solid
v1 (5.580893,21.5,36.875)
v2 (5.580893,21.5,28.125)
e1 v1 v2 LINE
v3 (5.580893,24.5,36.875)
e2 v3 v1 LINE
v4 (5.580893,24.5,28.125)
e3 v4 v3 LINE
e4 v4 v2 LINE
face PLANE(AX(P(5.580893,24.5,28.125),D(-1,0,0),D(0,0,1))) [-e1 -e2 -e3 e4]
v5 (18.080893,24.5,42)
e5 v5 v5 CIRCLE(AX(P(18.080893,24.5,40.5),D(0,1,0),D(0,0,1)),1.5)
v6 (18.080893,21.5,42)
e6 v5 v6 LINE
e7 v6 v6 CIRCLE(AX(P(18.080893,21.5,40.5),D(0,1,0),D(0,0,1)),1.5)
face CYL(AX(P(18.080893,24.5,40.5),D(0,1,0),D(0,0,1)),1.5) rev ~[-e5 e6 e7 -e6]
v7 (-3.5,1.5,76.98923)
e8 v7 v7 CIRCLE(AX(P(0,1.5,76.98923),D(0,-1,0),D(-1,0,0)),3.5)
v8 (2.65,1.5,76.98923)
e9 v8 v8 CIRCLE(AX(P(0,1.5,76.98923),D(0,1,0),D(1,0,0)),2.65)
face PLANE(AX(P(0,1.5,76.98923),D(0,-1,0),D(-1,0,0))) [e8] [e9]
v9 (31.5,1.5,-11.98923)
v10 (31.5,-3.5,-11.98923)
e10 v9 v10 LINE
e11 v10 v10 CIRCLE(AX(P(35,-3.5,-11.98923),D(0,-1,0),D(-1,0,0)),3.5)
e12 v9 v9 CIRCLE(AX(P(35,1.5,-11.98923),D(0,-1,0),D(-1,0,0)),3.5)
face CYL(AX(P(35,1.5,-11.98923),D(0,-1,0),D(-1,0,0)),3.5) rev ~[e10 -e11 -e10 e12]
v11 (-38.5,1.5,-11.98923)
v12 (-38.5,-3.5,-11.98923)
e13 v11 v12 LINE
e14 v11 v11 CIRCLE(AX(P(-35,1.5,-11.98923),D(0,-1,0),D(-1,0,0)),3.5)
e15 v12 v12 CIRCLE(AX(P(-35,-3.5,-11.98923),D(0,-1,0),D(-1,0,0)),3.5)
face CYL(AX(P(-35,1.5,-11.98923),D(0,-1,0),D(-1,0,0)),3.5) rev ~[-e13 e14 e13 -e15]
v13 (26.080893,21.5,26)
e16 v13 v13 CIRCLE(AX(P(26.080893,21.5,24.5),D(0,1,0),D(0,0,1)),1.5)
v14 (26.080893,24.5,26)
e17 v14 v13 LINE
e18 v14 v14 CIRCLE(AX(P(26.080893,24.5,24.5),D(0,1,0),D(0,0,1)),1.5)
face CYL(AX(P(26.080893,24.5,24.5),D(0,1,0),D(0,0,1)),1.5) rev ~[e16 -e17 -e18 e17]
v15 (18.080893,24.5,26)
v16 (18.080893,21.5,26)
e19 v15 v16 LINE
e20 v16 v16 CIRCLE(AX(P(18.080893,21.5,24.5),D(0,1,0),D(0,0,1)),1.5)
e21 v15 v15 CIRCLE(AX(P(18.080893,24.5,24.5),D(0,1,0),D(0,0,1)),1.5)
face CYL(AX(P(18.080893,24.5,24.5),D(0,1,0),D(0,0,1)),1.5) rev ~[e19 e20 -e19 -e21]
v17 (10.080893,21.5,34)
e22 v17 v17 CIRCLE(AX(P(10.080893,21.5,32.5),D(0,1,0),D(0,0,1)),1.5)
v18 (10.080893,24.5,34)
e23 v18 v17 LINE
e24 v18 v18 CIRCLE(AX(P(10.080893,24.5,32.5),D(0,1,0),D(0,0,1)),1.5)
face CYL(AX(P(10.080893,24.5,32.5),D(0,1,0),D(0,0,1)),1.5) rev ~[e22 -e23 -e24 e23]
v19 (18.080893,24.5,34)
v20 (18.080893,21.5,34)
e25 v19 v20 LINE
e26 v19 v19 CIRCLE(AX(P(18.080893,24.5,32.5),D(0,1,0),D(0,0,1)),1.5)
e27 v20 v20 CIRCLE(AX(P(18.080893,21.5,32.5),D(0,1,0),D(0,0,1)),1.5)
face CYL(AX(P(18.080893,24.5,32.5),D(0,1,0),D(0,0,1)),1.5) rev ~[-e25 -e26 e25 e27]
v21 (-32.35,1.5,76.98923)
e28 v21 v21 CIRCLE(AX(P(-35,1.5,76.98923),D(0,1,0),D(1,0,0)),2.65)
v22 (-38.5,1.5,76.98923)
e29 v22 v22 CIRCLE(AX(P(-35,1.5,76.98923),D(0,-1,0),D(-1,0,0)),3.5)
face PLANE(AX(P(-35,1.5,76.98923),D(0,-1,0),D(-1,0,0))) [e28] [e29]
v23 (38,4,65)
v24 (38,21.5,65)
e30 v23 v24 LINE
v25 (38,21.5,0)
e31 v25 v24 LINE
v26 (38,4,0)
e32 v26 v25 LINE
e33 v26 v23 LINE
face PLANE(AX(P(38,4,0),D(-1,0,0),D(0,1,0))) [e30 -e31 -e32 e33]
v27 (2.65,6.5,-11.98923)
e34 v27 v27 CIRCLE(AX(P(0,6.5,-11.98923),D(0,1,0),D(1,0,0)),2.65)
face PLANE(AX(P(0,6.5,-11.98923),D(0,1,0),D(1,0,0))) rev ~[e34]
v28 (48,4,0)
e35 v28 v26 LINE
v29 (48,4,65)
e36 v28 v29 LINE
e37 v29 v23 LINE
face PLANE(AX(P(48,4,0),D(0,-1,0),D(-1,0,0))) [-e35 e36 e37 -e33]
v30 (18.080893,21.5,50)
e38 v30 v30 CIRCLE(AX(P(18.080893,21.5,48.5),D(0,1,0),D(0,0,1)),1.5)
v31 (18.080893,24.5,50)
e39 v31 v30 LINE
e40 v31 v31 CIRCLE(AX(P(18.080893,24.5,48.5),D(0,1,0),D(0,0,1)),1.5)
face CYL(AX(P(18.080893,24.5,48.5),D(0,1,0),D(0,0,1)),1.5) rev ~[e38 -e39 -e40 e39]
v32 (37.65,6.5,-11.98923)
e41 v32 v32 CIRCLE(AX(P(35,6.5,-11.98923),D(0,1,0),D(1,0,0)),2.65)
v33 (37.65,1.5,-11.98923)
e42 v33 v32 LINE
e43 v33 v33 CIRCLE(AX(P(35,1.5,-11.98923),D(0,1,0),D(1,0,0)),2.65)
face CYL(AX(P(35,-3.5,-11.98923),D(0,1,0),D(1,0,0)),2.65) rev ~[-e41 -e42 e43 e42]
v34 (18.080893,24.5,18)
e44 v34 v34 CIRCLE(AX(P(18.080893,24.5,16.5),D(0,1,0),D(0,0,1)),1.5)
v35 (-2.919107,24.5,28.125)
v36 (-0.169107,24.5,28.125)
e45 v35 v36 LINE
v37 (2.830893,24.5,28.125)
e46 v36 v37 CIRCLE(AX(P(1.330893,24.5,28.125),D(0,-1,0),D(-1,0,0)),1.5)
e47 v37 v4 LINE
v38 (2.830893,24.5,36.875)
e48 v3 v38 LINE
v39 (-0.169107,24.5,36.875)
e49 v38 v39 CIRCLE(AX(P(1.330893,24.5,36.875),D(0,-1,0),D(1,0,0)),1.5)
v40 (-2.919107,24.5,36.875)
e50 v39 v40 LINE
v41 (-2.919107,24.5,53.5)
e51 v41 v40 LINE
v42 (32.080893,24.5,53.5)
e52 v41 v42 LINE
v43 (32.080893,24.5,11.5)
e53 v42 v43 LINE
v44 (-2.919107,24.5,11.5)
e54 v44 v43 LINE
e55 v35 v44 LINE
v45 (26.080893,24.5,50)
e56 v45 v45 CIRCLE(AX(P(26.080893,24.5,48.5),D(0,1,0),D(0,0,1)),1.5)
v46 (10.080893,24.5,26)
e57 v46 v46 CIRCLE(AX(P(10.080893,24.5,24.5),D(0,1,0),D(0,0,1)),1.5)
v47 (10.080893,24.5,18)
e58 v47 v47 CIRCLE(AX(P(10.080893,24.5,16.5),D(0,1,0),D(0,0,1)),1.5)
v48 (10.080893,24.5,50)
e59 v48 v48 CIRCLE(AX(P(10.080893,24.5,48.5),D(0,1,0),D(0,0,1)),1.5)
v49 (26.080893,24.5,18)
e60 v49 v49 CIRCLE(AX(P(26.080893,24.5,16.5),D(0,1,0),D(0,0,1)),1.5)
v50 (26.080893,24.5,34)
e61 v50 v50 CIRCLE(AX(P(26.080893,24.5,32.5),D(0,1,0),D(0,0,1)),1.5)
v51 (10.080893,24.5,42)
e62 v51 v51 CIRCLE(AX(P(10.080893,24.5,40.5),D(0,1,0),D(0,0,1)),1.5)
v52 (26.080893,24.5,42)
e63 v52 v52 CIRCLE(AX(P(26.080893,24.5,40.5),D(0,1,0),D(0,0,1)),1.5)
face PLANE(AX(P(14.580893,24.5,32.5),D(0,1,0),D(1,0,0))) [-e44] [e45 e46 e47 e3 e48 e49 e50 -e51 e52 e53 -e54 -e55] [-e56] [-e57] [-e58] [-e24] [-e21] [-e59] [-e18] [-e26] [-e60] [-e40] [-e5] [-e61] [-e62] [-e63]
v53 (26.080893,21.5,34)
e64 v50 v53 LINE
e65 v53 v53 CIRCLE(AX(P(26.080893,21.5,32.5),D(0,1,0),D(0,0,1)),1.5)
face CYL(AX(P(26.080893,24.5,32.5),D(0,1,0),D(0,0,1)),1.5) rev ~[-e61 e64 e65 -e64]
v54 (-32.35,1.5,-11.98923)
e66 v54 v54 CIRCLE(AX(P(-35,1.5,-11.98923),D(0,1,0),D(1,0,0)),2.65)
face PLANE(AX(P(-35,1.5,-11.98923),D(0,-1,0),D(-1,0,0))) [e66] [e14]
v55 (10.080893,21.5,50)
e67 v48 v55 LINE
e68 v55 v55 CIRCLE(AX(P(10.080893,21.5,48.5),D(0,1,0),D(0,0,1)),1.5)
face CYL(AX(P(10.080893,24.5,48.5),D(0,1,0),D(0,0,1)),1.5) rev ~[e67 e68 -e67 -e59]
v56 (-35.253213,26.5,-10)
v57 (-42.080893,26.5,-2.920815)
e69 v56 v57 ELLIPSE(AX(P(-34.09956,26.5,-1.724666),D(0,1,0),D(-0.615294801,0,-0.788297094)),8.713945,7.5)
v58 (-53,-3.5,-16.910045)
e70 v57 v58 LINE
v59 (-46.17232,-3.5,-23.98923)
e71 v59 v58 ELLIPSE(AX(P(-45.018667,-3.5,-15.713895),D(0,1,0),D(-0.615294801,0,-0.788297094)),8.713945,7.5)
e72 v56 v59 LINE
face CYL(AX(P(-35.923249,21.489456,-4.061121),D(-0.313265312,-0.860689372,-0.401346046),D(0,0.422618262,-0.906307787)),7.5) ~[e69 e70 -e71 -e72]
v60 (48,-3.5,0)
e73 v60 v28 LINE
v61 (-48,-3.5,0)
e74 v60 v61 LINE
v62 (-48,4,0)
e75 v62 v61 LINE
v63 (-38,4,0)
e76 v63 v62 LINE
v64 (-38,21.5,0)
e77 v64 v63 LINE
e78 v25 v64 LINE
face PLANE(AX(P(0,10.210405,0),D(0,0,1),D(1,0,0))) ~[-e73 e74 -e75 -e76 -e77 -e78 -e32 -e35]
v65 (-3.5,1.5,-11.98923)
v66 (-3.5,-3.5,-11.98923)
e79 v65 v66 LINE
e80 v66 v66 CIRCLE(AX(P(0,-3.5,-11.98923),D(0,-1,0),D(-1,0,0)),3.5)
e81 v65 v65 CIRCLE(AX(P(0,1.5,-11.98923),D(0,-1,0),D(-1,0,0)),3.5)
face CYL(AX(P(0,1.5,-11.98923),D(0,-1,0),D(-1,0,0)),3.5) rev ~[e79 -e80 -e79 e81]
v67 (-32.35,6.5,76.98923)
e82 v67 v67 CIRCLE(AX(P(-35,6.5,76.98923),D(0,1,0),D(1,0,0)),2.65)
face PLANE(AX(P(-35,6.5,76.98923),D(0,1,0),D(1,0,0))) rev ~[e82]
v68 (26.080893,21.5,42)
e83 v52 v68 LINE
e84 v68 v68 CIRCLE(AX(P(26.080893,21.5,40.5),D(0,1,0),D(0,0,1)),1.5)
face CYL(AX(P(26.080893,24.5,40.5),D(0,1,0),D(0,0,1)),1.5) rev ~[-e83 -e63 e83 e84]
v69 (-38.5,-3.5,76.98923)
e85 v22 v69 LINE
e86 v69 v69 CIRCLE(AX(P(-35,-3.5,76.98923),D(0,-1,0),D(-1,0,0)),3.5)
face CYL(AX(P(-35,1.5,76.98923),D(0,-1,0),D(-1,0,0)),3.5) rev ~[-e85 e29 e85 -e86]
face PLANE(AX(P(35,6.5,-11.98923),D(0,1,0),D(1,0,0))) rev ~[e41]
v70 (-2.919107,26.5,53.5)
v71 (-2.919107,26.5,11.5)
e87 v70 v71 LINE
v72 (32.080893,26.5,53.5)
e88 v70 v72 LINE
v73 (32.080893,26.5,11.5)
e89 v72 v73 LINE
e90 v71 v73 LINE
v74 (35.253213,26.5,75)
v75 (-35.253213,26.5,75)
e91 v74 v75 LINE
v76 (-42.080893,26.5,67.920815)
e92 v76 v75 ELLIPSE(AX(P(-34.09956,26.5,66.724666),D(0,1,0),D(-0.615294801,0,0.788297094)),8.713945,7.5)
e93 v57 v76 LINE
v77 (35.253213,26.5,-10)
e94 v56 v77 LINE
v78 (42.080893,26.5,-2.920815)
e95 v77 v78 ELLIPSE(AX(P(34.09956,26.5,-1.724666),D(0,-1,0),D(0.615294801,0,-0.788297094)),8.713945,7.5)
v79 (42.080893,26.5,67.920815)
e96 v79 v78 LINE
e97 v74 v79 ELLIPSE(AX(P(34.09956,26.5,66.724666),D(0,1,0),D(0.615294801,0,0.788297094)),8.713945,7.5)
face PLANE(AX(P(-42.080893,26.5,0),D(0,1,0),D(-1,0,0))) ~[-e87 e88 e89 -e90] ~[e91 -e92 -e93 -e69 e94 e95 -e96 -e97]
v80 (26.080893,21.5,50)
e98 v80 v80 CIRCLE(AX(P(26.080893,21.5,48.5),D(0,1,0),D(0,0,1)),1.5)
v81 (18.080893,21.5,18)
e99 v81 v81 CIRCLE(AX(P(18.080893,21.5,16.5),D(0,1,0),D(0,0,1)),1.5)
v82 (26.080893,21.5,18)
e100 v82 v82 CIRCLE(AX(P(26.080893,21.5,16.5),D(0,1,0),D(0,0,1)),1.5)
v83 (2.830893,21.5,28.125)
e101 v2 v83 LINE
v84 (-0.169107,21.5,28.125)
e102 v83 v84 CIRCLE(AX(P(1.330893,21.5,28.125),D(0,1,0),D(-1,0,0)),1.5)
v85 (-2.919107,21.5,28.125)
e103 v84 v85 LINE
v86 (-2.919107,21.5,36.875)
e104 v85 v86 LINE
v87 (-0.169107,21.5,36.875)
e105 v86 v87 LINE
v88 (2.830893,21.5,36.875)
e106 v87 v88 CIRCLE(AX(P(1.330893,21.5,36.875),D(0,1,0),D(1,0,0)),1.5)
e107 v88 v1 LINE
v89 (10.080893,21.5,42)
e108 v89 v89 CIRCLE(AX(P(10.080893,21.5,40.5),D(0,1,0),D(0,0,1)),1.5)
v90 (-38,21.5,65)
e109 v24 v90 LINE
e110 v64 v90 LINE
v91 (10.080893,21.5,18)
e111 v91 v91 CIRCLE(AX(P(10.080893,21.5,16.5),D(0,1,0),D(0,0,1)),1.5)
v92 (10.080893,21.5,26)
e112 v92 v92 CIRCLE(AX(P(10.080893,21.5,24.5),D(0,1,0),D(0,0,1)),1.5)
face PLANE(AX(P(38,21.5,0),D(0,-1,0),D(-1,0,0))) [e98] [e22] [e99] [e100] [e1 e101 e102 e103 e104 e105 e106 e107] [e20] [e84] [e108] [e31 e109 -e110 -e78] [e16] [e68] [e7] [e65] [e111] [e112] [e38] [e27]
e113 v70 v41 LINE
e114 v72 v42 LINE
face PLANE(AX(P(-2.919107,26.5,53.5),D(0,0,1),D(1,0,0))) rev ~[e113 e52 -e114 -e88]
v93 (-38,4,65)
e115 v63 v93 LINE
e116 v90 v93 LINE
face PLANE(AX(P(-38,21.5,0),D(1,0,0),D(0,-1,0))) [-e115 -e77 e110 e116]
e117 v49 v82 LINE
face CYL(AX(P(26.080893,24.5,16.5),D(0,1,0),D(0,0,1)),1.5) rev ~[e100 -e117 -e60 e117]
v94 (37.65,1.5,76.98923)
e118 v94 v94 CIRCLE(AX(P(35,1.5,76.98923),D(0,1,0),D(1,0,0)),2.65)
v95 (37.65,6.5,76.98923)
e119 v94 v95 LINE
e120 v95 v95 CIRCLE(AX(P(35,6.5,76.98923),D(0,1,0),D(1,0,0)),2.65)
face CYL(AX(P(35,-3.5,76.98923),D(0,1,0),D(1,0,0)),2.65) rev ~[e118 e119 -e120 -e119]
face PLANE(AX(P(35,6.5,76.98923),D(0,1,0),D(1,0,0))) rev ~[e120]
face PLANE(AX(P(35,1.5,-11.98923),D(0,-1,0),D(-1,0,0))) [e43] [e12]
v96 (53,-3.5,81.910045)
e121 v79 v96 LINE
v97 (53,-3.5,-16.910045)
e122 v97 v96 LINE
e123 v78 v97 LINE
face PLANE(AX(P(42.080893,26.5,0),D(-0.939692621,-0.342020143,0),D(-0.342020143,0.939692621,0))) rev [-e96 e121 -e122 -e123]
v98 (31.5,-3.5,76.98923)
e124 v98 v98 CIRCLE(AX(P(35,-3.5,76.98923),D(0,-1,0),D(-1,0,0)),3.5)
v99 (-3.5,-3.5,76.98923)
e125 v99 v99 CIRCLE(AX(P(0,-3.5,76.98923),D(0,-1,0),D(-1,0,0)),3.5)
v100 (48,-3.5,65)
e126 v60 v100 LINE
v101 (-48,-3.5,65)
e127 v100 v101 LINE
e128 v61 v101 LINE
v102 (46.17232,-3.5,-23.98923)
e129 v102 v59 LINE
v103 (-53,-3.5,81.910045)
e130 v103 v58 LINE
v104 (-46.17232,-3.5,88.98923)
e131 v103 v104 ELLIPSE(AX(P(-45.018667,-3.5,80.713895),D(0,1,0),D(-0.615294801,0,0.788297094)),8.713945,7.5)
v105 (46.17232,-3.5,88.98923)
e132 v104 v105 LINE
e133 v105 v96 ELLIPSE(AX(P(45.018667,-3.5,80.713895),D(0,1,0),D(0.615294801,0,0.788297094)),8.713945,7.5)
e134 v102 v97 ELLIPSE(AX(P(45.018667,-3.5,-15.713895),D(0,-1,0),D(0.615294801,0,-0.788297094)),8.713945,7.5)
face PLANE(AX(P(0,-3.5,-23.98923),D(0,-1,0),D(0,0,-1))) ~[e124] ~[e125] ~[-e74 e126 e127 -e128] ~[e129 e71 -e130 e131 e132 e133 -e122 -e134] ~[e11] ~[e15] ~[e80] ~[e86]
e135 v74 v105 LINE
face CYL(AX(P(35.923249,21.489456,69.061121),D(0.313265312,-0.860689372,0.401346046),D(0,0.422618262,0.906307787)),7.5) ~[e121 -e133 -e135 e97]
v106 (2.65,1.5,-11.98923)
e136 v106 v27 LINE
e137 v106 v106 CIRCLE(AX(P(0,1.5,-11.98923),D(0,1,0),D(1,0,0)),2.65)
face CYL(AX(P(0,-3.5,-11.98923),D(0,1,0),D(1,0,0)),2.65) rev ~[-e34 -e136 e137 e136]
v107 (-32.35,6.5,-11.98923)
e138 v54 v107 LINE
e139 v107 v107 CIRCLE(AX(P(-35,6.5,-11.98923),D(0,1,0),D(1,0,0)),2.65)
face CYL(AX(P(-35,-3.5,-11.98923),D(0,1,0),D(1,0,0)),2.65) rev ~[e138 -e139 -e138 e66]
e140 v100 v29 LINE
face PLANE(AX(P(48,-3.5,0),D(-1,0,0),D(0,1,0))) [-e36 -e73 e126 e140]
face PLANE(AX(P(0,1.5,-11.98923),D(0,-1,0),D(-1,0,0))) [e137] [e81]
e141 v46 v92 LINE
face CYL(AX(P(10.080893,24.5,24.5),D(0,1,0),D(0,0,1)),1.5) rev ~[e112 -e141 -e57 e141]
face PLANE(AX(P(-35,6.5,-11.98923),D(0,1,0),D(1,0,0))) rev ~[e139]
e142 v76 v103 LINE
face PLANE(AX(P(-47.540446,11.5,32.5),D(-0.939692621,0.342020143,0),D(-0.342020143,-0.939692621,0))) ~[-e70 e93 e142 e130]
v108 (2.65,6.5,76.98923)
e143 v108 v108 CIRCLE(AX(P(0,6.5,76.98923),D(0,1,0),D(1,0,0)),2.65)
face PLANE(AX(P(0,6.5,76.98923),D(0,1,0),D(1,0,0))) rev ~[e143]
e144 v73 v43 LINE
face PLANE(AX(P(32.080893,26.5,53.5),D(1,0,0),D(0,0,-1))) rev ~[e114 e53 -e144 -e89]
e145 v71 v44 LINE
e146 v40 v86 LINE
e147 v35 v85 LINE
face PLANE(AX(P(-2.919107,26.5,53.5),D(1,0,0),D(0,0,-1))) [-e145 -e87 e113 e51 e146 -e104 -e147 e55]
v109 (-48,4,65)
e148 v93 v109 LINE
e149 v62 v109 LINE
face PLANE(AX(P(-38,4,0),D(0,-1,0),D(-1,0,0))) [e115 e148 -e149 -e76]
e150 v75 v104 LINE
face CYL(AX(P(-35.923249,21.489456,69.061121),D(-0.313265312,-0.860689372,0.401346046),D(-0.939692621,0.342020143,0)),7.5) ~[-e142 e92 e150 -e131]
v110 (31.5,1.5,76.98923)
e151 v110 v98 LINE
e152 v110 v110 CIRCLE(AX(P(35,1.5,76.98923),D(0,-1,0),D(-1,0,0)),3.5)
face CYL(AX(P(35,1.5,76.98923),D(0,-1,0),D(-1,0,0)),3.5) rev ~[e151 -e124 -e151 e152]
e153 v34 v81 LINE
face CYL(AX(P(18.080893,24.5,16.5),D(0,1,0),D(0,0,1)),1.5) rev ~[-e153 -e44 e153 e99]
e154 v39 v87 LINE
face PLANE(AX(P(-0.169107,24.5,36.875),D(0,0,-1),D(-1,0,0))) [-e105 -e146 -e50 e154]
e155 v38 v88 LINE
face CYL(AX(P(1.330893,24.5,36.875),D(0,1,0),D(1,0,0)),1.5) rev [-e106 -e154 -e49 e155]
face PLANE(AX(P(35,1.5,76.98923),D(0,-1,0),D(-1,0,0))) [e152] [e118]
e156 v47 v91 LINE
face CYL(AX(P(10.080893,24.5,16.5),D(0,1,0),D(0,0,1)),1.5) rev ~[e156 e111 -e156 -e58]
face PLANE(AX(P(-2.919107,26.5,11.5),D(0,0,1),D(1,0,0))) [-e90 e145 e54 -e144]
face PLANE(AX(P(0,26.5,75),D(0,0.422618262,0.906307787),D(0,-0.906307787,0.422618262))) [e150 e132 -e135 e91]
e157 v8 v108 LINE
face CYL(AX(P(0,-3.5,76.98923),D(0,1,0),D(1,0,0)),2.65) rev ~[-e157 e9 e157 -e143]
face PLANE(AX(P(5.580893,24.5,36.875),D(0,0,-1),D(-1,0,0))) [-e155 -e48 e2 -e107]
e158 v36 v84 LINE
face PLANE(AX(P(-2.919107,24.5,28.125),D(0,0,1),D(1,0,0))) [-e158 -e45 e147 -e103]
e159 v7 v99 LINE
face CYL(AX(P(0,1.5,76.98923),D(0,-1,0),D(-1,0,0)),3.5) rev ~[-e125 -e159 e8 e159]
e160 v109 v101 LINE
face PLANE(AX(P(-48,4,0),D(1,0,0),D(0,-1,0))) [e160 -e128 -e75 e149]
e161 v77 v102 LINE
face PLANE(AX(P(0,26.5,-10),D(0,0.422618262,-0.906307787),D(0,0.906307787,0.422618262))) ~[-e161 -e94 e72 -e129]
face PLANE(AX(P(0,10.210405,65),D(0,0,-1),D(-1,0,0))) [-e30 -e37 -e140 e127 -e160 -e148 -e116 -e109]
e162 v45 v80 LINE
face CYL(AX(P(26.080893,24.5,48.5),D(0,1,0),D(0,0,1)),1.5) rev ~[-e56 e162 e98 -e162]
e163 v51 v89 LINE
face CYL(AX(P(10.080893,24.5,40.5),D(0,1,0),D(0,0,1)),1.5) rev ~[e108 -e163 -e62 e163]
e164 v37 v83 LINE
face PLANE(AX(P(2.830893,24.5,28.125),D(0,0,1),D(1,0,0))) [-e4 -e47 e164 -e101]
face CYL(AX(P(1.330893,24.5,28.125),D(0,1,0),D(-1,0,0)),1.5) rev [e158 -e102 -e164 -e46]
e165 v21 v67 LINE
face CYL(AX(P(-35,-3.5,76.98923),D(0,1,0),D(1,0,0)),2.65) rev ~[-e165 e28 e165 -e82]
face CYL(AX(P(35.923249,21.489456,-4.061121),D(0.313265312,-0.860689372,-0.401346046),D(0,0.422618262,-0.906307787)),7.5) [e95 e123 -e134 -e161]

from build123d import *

# Parameters (mm, degrees)
TOP_ENCLOSURE_DEPTH                     = 65
TOP_EXTRA_DEPTH                         = 10
SKETCH3_W                               = 35
SKETCH3_H                               = 42
SOLAR_CELL_SLOT_DEPTH                   = 2
SKETCH4_R                               = 1.5
SOLAR_CELL_HOLES_DEPTH                  = 97.010416102
BOSS_EXTRUDE1_REACH                     = 97.584
BOSS_EXTRUDE2_REACH                     = 108.913
FILLET1_R                               = 7.5
CBORE_FOR_M5_HEX_HEAD_BOLT1_D           = 5.3
CBORE_FOR_M5_HEX_HEAD_BOLT1_DEPTH       = 10
CBORE_FOR_M5_HEX_HEAD_BOLT1_CBORE_D     = 7
CBORE_FOR_M5_HEX_HEAD_BOLT1_CBORE_DEPTH = 5


with BuildPart() as part:
    # Master_Geometry → Top_Enclosure (new body)
    with BuildSketch(Plane.XY):
        Polygon((-48, -3.5), (-53, -3.5), (-42.080892972, 26.5), (42.080892972, 26.5), (53, -3.5), (48, -3.5), (48, 4), (38, 4), (38, 21.5), (-38, 21.5), (-38, 4), (-48, 4), align=None)
    extrude(amount=TOP_ENCLOSURE_DEPTH)

    # Sketch2 → Top_Extra (add)
    with BuildSketch(Plane.XY.offset(65)):
        Polygon((-42.080892972, 26.5), (42.080892972, 26.5), (53, -3.5), (-53, -3.5), align=None)
    top_extra = extrude(amount=TOP_EXTRA_DEPTH)

    # Mirror1: Top_Extra across plane
    add(top_extra.mirror(Plane(origin=(0, 0, 32.5), x_dir=(1, 0, 0), z_dir=(0, 0, -1))))

    # Sketch3 → Solar_Cell_Slot (cut)
    with BuildSketch(Plane(origin=(0, 26.5, 0), x_dir=(1, 0, 0), z_dir=(0, 1, 0))):
        with Locations((14.580892972, -32.5)):
            Rectangle(SKETCH3_W, SKETCH3_H)
    extrude(amount=-SOLAR_CELL_SLOT_DEPTH, mode=Mode.SUBTRACT)

    # Sketch4 → Solar_Cell_Holes (cut, through all)
    with BuildSketch(Plane(origin=(0, 24.5, 0), x_dir=(1, 0, 0), z_dir=(0, 1, 0))):
        with Locations(Location((10.080892972, -32.5, 0), (0, 0, 270))):
            Circle(SKETCH4_R)
        with Locations(Location((18.080892972, -32.5, 0), (0, 0, 270))):
            Circle(SKETCH4_R)
        with Locations(Location((26.080892972, -32.5, 0), (0, 0, 270))):
            Circle(SKETCH4_R)
        with Locations(Location((10.080892972, -40.5, 0), (0, 0, 270))):
            Circle(SKETCH4_R)
        with Locations(Location((18.080892972, -40.5, 0), (0, 0, 270))):
            Circle(SKETCH4_R)
        with Locations(Location((26.080892972, -40.5, 0), (0, 0, 270))):
            Circle(SKETCH4_R)
        with Locations(Location((10.080892972, -48.5, 0), (0, 0, 270))):
            Circle(SKETCH4_R)
        with Locations(Location((18.080892972, -48.5, 0), (0, 0, 270))):
            Circle(SKETCH4_R)
        with Locations(Location((26.080892972, -48.5, 0), (0, 0, 270))):
            Circle(SKETCH4_R)
        with Locations(Location((10.080892972, -24.5, 0), (0, 0, 270))):
            Circle(SKETCH4_R)
        with Locations(Location((18.080892972, -24.5, 0), (0, 0, 270))):
            Circle(SKETCH4_R)
        with Locations(Location((26.080892972, -24.5, 0), (0, 0, 270))):
            Circle(SKETCH4_R)
        with Locations(Location((10.080892972, -16.5, 0), (0, 0, 270))):
            Circle(SKETCH4_R)
        with Locations(Location((18.080892972, -16.5, 0), (0, 0, 270))):
            Circle(SKETCH4_R)
        with Locations(Location((26.080892972, -16.5, 0), (0, 0, 270))):
            Circle(SKETCH4_R)
        with BuildLine():
            Line((2.830892972, -28.125), (5.580892972, -28.125))
            Line((5.580892972, -28.125), (5.580892972, -36.875))
            Line((5.580892972, -36.875), (2.830892972, -36.875))
            ThreePointArc((2.830892972, -36.875), (1.330892972, -38.375), (-0.169107028, -36.875))
            Line((-0.169107028, -36.875), (-2.919107028, -36.875))
            Line((-2.919107028, -36.875), (-2.919107028, -28.125))
            Line((-2.919107028, -28.125), (-0.169107028, -28.125))
            ThreePointArc((-0.169107028, -28.125), (1.330892972, -26.625), (2.830892972, -28.125))
        make_face()
    extrude(amount=-SOLAR_CELL_HOLES_DEPTH, mode=Mode.SUBTRACT)

    # Boss-Extrude1: up to this plane
    boss_extrude1_end = Plane(origin=(42.080892972, 26.5, 65), z_dir=(-0.9396926207859069, -0.3420201433256729, 0))
    # Sketch5 → Boss-Extrude1 (add, up to the surface)
    with BuildSketch(Plane(origin=(0, 0, 0), x_dir=(0, 0, -1), z_dir=(1, 0, 0)), mode=Mode.PRIVATE) as boss_extrude1_sk1:
        Polygon((-75, 26.5), (-75, -3.5), (-88.989229745, -3.5), align=None)
    boss_extrude1_tool1 = split(extrude(boss_extrude1_sk1.sketch, amount=BOSS_EXTRUDE1_REACH, mode=Mode.PRIVATE), bisect_by=boss_extrude1_end, keep=Keep.BOTH, mode=Mode.PRIVATE)
    boss_extrude1 = boss_extrude1_tool1.solids().sort_by_distance((0, 6.5, 79.663077))[0]
    add(boss_extrude1)

    # Boss-Extrude2: up to this face of the body (flat: up to its plane)
    boss_extrude2_end = Plane(part.part.faces().sort_by_distance((-47.540446486, 11.5, 32.5))[0])
    # Sketch6 → Boss-Extrude2 (add, up to the picked face)
    with BuildSketch(Plane.ZY, mode=Mode.PRIVATE) as boss_extrude2_sk1:
        Polygon((75, 26.5), (88.989229745, -3.5), (75, -3.5), align=None)
    boss_extrude2_tool1 = split(extrude(boss_extrude2_sk1.sketch, amount=BOSS_EXTRUDE2_REACH, mode=Mode.PRIVATE), bisect_by=boss_extrude2_end, keep=Keep.BOTH, mode=Mode.PRIVATE)
    boss_extrude2 = boss_extrude2_tool1.solids().sort_by(Axis((0, 6.5, 79.663077), (-1, 0, 0)))[0]
    add(boss_extrude2)

    # Mirror3: Boss-Extrude1, Boss-Extrude2 across plane
    add(boss_extrude1.mirror(Plane(origin=(0, 0, 32.5), x_dir=(1, 0, 0), z_dir=(0, 0, -1))))
    add(boss_extrude2.mirror(Plane(origin=(0, 0, 32.5), x_dir=(1, 0, 0), z_dir=(0, 0, -1))))

    # Fillet1
    fillet1_edges = [part.edges().sort_by_distance(p)[0] for p in [
        (47.540446486, 11.5, 81.994614872),
        (-47.540446486, 11.5, 81.994614872),
        (47.540446486, 11.5, -16.994614872),
        (-47.540446486, 11.5, -16.994614872),
    ]]
    fillet(fillet1_edges, radius=FILLET1_R)

    # CBORE for M5 Hex Head Bolt1
    with Locations(Plane(origin=(0, -3.5, 0), x_dir=(-1, 0, 0), z_dir=(0, -1, 0))):
        with Locations((35, -76.989229745), (0, -76.989229745), (-35, -76.989229745), (-35, 11.989229745), (0, 11.989229745), (35, 11.989229745)):
            CounterBoreHole(CBORE_FOR_M5_HEX_HEAD_BOLT1_D / 2, CBORE_FOR_M5_HEX_HEAD_BOLT1_CBORE_D / 2, CBORE_FOR_M5_HEX_HEAD_BOLT1_CBORE_DEPTH, depth=CBORE_FOR_M5_HEX_HEAD_BOLT1_DEPTH)


solid = part.part
